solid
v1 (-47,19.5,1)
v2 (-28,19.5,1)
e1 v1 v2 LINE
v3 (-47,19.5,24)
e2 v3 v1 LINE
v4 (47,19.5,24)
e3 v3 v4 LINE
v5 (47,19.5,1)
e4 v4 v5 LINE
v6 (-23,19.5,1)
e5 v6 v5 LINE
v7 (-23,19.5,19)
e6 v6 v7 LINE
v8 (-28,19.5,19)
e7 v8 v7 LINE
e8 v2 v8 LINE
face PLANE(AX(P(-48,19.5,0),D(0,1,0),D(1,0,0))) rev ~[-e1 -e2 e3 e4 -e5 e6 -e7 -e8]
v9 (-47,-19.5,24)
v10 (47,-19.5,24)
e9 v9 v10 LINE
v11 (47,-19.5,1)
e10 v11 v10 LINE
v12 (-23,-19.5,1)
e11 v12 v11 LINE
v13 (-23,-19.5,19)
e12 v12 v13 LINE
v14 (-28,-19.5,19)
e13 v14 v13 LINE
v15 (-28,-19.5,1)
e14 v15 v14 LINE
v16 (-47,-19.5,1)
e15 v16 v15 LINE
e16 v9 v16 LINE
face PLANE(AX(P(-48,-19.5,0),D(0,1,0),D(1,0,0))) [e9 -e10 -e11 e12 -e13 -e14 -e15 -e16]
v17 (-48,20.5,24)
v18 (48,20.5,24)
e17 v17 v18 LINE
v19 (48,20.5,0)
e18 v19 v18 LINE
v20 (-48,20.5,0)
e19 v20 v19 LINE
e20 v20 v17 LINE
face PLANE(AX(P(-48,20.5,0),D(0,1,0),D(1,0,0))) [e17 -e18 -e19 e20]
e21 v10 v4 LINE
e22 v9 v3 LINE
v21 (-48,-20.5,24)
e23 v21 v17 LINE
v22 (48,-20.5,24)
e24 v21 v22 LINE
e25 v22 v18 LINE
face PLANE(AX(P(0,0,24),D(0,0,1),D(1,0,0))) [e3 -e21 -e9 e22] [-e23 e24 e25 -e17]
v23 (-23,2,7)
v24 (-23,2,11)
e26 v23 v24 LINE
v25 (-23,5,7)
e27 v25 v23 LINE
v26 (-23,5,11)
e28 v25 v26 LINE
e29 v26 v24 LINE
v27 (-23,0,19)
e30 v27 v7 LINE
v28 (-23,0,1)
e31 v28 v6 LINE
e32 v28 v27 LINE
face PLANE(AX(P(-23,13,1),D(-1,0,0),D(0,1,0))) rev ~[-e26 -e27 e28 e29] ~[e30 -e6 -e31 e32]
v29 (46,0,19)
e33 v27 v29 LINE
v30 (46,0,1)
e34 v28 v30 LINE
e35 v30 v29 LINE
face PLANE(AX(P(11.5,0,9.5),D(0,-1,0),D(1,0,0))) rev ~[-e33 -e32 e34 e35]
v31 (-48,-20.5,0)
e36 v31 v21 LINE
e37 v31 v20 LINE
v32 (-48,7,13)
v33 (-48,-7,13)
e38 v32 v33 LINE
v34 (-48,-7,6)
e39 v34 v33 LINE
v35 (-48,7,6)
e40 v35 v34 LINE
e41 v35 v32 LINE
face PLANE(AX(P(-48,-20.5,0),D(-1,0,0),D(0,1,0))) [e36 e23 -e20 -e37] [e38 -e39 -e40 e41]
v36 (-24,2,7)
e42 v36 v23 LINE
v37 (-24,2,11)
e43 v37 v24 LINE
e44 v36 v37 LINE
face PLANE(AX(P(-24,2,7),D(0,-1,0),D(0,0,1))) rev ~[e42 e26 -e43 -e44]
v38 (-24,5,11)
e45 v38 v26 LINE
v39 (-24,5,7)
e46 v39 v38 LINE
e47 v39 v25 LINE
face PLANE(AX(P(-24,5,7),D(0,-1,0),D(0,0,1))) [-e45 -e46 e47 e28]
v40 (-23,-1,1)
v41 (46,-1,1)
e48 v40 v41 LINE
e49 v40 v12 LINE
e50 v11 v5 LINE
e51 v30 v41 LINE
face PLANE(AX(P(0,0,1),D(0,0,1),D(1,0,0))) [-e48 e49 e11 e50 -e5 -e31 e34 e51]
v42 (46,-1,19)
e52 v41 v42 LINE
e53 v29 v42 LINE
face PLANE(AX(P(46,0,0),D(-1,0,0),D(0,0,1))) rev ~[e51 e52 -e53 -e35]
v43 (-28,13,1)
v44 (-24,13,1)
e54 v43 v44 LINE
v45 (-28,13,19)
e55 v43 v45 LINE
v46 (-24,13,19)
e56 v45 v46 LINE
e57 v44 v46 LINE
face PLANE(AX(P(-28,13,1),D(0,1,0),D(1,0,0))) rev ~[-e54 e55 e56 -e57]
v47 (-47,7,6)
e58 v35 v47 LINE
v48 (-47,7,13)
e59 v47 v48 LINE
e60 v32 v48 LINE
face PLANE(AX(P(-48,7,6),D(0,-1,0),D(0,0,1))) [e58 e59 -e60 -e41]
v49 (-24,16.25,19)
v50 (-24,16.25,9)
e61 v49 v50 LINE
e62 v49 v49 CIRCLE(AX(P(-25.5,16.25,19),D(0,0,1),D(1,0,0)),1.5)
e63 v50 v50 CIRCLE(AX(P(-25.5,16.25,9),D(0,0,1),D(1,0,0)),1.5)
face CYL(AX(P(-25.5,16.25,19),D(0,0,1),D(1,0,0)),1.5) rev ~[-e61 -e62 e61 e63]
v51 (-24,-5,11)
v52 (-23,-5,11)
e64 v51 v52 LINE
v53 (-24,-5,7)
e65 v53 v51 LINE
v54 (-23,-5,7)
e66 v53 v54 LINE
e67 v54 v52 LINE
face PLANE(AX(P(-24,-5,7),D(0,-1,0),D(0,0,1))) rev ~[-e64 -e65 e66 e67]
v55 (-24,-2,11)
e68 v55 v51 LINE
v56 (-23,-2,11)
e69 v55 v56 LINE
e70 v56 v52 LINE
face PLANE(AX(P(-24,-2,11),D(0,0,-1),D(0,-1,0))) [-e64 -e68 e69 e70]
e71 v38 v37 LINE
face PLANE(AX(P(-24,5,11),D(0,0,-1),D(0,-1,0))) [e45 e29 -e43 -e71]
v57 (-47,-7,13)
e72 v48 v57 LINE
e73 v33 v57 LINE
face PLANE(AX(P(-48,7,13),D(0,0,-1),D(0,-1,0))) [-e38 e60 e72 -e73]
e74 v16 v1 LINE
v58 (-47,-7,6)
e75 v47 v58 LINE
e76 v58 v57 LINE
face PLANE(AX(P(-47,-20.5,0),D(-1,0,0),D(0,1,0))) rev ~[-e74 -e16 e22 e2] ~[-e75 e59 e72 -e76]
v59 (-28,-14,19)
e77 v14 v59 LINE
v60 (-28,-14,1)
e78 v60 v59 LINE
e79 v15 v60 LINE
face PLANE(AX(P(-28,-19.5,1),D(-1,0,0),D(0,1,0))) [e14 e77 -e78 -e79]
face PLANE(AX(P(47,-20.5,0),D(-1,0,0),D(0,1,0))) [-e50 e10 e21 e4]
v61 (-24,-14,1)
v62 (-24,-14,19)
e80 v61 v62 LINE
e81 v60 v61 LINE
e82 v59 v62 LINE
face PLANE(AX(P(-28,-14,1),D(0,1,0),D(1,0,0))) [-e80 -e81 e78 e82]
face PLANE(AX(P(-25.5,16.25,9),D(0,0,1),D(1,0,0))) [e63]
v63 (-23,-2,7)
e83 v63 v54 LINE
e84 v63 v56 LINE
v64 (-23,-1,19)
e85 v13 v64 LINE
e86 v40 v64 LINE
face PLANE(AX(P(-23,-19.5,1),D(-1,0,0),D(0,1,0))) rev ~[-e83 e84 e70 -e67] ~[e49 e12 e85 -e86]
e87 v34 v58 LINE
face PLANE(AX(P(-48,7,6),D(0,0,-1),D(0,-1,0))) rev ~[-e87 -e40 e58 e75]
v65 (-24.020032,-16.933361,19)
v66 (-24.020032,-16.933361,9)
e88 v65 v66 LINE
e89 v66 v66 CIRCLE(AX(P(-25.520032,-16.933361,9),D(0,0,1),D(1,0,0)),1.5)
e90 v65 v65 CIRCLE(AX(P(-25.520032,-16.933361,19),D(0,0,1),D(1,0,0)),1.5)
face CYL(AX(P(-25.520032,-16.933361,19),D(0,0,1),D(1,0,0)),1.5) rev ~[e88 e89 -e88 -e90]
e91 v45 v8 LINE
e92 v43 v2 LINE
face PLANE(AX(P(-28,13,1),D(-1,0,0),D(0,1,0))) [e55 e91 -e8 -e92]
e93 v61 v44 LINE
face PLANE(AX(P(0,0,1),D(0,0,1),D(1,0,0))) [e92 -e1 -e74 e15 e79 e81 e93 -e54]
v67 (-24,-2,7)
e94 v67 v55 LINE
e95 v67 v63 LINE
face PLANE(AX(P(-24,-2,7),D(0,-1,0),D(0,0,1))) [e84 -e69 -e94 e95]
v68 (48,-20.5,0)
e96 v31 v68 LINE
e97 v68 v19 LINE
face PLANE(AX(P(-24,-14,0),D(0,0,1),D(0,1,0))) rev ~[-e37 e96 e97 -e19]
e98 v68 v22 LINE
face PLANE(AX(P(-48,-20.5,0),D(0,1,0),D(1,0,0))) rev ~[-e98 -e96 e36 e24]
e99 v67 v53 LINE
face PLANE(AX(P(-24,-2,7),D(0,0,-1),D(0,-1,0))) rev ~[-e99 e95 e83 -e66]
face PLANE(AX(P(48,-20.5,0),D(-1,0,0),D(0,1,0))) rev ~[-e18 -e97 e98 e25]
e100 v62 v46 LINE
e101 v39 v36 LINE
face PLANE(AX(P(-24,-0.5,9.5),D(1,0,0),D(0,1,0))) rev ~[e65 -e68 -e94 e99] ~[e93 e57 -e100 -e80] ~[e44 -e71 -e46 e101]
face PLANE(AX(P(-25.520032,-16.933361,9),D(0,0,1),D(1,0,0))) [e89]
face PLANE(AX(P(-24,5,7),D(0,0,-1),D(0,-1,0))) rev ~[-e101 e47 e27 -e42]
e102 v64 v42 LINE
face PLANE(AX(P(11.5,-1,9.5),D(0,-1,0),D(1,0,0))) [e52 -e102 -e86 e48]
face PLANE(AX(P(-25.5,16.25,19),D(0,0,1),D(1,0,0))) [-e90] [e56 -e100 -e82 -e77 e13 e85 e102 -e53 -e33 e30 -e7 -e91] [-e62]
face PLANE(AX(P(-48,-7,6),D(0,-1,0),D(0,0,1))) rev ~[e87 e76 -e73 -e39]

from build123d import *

# Parameters (mm, degrees)
F0_W      = 96
F0_H      = 41
F1_DEPTH  = 24
F2_T      = -1
F3_W      = 69
F3_H      = 19
F4_DEPTH  = 1
F6_W      = 27
F6_H      = 19
F7_DEPTH  = 1
F8_W      = 14
F8_H      = 7
F9_DEPTH  = 2
F10_W     = 3
F10_H     = 4
F11_DEPTH = 1
F12_W     = 5
F12_H     = 6.5
F12_H_2   = 5.5
F13_DEPTH = 18
F14_R     = 1.5
F15_DEPTH = 10
F16_DEPTH = 10


with BuildPart() as f1:
    # F0 (on Top) → F1 (new body)
    with BuildSketch(Plane.XY):
        Rectangle(F0_W, F0_H)
    extrude(amount=F1_DEPTH)

    # F2
    f2_openings = [f1.faces().sort_by_distance(p)[0] for p in [
        (0, 0, 24),
    ]]
    offset(amount=F2_T, openings=f2_openings)

    # F3 (on Front) → F4 (join)
    with BuildSketch(Plane.XZ):
        with Locations((11.5, 9.5)):
            Rectangle(F3_W, F3_H)
    extrude(amount=F4_DEPTH)

    # F6 (on offset) → F7 (join)
    with BuildSketch(Plane.YZ.offset(-24)):
        with Locations((-0.5, 9.5)):
            Rectangle(F6_W, F6_H)
    extrude(amount=F7_DEPTH)

    # F8 (on face) → F9 (cut)
    with BuildSketch(Plane(origin=(-48, 0, 0), x_dir=(0, -1, 0), z_dir=(-1, 0, 0))):
        with Locations((0, 9.5)):
            Rectangle(F8_W, F8_H)
    extrude(amount=-F9_DEPTH, mode=Mode.SUBTRACT)

    # F10 (on face) → F11 (cut)
    with BuildSketch(Plane(origin=(-24, 0, 0), x_dir=(0, -1, 0), z_dir=(-1, 0, 0))):
        with Locations((-3.5, 9)):
            Rectangle(F10_W, F10_H)
        with Locations((3.5, 9)):
            Rectangle(F10_W, F10_H)
    extrude(amount=-F11_DEPTH, mode=Mode.SUBTRACT)

    # F12 (on face) → F13 (join)
    with BuildSketch(Plane.XY.offset(1)):
        with Locations((-25.5, 16.25)):
            Rectangle(F12_W, F12_H)
        with Locations((-25.5, -16.75)):
            Rectangle(F12_W, F12_H_2)
    extrude(amount=F13_DEPTH)

    # F14 (on face) → F15 (cut)
    with BuildSketch(Plane.XY.offset(19)):
        with Locations((-25.5, 16.25)):
            Circle(F14_R)
    extrude(amount=-F15_DEPTH, mode=Mode.SUBTRACT)

    # F14 (on face) → F16 (cut)
    with BuildSketch(Plane.XY.offset(19)):
        with Locations((-25.5, 16.25)):
            Circle(F14_R)
        with Locations((-25.520032, -16.933361)):
            Circle(F14_R)
    extrude(amount=-F16_DEPTH, mode=Mode.SUBTRACT)


solid = f1.part
